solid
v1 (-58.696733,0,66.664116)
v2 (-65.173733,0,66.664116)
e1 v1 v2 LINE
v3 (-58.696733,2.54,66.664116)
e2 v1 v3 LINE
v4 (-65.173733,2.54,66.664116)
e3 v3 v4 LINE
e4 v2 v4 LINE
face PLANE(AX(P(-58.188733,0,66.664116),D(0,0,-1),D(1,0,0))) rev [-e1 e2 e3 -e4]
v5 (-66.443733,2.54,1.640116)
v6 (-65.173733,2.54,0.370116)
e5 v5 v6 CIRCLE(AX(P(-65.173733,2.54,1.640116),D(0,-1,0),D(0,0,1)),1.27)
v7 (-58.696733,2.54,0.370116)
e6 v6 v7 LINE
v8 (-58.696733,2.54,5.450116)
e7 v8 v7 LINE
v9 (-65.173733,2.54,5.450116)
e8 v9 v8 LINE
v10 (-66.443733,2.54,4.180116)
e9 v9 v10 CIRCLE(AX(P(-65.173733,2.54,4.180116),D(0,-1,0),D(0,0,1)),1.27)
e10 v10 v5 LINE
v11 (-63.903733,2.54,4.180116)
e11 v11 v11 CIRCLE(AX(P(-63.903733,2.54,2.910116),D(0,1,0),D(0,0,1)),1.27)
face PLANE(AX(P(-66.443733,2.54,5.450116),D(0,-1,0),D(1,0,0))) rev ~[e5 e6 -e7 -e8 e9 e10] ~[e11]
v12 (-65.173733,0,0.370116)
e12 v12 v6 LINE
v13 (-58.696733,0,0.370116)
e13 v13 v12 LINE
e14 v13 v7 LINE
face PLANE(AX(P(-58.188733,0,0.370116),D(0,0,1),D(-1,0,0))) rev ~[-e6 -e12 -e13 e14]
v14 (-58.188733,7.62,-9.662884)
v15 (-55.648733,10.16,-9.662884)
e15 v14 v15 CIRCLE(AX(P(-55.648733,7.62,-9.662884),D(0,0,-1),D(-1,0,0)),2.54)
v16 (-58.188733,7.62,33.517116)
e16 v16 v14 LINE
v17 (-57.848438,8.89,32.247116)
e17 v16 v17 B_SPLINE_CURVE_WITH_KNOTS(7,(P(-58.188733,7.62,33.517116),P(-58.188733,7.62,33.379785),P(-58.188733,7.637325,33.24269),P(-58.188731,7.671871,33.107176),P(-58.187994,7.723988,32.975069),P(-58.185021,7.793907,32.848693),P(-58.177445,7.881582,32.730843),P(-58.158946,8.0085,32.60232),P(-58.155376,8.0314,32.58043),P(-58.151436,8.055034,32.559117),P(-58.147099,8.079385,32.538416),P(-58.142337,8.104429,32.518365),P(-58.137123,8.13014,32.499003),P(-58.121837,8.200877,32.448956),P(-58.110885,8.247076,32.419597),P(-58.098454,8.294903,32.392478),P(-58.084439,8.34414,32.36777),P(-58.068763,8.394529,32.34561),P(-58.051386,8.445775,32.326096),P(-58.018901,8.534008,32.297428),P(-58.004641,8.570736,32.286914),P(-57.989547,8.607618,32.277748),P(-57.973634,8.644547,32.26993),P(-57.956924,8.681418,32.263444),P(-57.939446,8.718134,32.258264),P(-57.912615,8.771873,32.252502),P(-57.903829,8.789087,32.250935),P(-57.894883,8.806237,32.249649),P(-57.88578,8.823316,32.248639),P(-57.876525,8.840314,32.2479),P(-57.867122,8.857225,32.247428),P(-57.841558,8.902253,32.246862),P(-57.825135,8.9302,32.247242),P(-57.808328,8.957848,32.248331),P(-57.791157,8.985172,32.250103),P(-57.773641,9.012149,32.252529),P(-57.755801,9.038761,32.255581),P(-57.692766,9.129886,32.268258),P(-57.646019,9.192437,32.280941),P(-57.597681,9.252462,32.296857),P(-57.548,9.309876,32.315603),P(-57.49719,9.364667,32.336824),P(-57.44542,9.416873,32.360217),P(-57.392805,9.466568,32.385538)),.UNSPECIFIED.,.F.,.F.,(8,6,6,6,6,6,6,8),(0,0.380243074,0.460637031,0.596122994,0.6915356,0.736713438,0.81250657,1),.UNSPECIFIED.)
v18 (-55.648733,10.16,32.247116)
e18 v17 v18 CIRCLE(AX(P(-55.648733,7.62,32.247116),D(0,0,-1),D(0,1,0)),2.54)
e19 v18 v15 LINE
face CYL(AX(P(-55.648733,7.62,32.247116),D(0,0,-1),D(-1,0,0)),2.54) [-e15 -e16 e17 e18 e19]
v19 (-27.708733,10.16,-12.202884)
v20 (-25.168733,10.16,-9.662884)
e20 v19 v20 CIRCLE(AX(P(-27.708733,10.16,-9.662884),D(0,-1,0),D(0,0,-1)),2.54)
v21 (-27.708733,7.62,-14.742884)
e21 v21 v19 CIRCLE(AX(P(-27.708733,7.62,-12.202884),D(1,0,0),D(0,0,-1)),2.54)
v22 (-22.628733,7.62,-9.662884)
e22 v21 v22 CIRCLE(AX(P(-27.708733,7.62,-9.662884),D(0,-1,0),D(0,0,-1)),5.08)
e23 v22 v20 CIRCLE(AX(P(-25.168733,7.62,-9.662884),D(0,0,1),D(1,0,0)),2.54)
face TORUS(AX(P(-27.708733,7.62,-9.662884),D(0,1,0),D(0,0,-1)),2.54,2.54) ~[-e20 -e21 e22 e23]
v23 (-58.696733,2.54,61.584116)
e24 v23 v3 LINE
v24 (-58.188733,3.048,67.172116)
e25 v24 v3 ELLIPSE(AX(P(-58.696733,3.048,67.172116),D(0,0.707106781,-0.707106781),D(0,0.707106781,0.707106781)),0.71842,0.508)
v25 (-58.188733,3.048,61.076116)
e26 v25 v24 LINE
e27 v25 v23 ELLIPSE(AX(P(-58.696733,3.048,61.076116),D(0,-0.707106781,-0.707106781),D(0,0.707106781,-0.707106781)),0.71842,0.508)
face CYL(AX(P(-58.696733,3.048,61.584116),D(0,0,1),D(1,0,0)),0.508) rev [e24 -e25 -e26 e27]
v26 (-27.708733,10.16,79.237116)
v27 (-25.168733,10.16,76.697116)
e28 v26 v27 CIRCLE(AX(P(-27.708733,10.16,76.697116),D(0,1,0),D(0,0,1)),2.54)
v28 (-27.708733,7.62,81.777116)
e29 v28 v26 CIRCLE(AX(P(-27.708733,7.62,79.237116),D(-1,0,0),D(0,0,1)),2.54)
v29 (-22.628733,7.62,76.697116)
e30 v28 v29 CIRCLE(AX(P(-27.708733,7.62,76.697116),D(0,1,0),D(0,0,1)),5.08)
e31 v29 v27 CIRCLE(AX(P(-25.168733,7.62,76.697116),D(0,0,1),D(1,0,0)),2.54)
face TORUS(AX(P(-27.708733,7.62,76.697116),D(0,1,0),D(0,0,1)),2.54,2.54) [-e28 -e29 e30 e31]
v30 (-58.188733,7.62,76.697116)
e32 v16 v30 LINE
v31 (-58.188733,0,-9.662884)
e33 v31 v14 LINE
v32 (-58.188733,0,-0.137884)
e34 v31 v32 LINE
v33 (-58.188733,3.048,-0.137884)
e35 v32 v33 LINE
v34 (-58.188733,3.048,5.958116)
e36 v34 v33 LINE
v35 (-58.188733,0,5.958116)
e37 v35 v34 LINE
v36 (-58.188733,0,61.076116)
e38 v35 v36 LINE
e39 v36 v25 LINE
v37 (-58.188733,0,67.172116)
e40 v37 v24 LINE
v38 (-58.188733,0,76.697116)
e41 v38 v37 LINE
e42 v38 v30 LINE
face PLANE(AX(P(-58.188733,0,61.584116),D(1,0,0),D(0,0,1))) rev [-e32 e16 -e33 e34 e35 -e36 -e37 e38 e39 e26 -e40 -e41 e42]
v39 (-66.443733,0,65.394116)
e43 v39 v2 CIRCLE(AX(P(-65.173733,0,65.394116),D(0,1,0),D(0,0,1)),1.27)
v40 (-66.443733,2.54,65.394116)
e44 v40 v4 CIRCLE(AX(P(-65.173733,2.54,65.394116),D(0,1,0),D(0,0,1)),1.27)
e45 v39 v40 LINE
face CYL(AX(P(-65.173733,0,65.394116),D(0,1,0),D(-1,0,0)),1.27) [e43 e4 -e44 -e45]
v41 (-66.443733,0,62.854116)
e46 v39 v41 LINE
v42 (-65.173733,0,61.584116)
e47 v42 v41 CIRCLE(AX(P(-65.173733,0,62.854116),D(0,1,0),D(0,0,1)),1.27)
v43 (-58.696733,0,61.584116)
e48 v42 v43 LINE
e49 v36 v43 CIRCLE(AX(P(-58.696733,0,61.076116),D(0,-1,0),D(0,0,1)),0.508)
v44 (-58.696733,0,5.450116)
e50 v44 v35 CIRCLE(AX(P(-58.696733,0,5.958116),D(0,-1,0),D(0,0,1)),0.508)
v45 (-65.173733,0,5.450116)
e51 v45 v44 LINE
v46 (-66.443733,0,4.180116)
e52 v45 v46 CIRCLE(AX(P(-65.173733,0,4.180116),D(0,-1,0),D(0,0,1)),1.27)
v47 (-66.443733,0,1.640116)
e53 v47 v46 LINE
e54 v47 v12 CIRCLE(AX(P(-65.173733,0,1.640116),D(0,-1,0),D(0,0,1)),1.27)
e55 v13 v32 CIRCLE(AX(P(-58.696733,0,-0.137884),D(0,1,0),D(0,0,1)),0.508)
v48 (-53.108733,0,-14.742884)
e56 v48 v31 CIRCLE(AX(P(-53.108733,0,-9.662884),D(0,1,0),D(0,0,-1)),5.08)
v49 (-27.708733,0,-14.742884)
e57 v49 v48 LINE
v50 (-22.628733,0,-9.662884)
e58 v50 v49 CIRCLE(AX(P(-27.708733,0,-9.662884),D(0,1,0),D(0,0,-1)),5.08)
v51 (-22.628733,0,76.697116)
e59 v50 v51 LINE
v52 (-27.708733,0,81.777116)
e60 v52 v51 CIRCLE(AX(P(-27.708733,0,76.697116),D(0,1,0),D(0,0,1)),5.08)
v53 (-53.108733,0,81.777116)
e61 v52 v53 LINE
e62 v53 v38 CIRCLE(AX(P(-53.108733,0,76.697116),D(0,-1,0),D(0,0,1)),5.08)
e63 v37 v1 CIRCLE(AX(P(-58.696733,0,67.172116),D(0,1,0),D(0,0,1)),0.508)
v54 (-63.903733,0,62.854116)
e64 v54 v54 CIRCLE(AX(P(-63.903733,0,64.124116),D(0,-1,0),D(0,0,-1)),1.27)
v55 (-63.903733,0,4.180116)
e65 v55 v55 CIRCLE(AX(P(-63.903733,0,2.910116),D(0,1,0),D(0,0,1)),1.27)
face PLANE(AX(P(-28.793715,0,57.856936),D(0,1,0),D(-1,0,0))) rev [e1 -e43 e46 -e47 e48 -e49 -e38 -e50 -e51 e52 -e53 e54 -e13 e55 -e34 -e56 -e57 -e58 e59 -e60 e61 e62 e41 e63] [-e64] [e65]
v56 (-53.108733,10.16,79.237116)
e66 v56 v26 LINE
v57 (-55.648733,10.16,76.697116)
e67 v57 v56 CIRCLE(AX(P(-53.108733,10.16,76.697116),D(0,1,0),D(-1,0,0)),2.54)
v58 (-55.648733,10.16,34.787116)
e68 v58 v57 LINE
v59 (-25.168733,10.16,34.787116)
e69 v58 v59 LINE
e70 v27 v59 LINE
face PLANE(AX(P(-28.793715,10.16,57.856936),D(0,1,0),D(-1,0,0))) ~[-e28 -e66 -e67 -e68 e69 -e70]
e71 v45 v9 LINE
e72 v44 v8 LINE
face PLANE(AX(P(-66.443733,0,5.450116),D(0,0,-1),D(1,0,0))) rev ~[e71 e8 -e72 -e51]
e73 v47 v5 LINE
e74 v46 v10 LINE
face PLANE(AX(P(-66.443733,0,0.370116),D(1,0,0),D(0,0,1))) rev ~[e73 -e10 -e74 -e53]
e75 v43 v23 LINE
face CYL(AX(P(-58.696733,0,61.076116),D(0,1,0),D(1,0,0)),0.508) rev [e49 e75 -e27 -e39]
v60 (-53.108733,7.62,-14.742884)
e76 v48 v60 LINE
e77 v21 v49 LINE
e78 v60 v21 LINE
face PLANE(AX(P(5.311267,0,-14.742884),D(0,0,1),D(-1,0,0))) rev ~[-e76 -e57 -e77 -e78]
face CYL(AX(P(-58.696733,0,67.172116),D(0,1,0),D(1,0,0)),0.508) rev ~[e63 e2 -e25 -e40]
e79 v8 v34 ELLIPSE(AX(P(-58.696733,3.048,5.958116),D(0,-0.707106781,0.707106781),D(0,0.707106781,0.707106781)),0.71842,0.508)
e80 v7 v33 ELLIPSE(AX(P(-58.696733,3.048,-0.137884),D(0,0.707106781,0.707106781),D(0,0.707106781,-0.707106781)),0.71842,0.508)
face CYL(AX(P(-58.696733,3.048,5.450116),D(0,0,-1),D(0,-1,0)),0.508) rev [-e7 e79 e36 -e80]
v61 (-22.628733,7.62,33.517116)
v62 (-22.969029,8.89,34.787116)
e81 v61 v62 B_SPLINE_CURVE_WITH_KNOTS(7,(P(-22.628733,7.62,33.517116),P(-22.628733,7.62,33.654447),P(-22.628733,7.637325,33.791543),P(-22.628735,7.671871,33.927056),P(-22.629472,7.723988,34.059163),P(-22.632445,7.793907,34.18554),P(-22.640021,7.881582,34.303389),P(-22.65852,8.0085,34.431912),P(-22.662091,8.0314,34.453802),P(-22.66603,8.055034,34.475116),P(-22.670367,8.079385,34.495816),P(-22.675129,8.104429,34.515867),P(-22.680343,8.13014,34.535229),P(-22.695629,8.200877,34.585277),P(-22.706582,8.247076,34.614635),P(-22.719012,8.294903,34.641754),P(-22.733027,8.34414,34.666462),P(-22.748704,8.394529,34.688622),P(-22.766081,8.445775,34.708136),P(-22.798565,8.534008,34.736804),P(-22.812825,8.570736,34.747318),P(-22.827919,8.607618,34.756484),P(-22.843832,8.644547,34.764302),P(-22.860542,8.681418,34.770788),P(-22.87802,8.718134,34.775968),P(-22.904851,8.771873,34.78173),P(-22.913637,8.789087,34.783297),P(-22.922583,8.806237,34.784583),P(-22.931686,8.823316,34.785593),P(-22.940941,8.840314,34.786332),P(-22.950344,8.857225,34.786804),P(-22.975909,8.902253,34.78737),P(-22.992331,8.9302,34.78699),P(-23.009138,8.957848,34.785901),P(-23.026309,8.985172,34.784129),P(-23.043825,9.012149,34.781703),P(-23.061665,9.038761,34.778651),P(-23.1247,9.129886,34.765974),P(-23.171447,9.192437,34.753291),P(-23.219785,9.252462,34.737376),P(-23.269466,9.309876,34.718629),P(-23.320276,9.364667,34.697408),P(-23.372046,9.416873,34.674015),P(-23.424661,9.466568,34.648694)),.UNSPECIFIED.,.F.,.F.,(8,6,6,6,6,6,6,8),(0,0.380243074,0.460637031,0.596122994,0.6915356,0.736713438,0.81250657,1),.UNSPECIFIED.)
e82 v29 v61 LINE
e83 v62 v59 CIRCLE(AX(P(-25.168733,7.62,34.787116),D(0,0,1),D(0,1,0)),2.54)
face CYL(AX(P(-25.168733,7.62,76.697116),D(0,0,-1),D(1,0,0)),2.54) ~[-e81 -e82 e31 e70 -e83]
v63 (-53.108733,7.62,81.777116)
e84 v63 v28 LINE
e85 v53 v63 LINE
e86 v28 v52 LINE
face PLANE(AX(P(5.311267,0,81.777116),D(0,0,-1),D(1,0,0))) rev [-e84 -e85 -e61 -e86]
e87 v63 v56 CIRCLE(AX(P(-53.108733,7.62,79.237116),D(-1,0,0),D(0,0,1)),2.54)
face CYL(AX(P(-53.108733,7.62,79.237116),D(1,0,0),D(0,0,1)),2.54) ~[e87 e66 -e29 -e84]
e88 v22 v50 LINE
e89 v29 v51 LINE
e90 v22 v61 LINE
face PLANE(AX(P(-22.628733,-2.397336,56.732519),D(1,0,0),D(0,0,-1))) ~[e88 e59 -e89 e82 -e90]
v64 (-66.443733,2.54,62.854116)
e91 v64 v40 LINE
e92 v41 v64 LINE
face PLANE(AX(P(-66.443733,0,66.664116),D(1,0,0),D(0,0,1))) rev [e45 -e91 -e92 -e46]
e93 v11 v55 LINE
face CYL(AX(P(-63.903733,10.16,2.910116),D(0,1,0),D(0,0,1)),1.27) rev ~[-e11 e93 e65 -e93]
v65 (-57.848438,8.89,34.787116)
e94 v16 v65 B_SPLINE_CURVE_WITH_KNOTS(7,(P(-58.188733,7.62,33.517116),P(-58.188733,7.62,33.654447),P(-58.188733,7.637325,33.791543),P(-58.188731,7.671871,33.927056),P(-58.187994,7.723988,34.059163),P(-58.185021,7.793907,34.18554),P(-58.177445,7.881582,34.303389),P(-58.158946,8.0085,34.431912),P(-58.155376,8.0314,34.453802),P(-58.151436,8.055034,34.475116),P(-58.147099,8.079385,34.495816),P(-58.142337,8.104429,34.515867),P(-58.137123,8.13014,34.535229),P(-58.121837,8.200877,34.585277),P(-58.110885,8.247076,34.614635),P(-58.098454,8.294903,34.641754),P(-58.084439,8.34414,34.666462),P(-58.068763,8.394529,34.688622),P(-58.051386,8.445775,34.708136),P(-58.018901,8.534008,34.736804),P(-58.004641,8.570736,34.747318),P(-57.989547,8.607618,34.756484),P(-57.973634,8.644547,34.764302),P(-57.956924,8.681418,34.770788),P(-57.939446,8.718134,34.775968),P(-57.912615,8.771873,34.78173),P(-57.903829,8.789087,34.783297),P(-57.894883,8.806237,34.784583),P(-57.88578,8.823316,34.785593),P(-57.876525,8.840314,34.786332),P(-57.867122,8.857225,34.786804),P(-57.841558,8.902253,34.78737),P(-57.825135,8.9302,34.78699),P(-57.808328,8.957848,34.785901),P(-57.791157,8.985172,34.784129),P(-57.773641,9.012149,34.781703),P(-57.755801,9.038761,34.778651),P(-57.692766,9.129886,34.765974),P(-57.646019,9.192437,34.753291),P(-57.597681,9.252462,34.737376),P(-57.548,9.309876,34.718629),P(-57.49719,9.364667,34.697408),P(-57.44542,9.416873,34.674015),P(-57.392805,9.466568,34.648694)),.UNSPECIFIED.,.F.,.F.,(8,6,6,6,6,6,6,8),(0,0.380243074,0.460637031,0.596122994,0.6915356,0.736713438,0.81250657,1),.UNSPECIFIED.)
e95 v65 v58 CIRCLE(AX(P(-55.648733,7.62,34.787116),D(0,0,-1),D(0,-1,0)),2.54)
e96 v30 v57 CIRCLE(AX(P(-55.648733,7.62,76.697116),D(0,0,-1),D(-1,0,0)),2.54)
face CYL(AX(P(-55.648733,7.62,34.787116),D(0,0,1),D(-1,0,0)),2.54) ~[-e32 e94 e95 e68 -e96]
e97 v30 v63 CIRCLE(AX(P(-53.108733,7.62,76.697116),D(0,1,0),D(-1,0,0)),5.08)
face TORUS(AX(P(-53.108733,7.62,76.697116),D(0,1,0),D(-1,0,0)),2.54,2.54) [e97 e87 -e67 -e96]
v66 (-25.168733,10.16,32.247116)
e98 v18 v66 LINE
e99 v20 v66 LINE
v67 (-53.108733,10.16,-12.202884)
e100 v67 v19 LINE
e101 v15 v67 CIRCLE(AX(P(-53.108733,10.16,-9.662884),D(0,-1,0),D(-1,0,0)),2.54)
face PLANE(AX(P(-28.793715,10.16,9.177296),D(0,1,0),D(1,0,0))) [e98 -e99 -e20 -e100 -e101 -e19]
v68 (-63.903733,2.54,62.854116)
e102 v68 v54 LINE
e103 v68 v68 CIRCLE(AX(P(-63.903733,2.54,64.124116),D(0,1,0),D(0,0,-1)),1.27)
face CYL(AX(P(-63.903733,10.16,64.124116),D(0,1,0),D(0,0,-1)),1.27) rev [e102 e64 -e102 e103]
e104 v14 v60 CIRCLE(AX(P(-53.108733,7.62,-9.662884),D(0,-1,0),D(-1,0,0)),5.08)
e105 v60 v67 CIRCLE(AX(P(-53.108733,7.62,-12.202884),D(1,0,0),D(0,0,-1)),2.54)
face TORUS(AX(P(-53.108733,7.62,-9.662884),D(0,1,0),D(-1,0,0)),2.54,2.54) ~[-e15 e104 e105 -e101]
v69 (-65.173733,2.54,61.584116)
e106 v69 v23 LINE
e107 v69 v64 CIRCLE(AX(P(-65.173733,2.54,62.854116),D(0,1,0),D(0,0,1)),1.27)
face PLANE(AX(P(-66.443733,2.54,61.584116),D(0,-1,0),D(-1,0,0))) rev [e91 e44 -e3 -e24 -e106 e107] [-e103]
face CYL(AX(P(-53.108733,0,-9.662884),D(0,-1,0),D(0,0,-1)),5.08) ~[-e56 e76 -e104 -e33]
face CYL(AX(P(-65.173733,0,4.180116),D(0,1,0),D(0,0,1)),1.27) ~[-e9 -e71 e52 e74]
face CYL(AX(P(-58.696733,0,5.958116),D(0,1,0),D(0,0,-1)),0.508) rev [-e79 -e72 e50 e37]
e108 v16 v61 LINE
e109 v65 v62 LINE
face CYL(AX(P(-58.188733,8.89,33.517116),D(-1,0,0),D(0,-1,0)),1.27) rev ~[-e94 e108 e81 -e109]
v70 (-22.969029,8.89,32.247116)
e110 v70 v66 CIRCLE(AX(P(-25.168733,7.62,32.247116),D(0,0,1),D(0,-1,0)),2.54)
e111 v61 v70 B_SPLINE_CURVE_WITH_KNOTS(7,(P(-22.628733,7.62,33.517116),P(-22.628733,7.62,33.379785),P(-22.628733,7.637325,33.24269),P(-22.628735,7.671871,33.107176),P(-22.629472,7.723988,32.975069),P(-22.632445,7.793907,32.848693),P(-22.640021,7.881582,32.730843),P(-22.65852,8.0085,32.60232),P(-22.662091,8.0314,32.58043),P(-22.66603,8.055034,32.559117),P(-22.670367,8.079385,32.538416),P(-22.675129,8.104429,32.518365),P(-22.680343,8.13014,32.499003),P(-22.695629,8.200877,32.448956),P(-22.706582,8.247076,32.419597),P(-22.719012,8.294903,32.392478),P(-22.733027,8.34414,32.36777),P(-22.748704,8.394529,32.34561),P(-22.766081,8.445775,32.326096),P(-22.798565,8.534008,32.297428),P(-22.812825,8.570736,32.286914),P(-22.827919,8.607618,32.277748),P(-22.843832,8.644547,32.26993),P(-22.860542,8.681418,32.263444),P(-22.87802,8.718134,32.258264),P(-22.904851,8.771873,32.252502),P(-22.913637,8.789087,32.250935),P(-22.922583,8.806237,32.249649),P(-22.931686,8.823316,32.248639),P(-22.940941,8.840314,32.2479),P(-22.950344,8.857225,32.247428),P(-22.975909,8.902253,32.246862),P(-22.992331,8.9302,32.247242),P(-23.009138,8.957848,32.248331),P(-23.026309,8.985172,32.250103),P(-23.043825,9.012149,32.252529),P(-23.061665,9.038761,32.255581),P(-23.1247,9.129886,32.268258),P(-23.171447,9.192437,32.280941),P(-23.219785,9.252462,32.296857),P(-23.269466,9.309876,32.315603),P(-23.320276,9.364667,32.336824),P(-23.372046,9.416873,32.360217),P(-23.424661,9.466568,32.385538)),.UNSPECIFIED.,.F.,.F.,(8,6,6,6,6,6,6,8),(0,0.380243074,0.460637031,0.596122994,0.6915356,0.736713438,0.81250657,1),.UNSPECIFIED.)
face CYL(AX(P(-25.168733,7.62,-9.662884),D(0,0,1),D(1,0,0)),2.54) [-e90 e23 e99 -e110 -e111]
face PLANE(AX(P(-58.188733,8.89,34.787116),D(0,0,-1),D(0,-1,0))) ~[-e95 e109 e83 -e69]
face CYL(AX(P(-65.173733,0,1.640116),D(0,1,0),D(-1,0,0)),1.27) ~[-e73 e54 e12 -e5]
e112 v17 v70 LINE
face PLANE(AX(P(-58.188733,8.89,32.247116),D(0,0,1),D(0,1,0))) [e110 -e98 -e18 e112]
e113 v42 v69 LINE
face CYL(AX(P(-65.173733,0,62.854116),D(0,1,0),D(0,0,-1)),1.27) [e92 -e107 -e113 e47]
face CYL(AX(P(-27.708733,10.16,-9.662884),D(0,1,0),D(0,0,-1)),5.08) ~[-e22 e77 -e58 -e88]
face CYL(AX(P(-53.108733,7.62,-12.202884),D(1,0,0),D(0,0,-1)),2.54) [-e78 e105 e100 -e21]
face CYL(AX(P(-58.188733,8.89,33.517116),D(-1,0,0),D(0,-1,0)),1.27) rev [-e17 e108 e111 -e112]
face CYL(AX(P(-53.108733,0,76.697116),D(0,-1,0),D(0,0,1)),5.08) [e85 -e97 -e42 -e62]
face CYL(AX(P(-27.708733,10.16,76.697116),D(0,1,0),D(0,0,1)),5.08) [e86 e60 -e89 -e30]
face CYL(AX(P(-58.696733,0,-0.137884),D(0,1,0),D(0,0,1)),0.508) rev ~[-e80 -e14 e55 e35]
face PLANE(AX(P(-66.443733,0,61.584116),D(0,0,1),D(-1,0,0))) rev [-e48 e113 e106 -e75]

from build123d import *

# Parameters (mm, degrees)
BOSS_EXTRUDE1_DEPTH  = 10.16
SKETCH3_R            = 1.27
CUT_EXTRUDE1_DEPTH   = 10.16
SKETCH4_W            = 8.255
SKETCH4_H            = 7.62
CUT_EXTRUDE2_DEPTH   = 10.16
FILLET2_R            = 0.508
FILLET3_R            = 1.27
SKETCH6_W            = 84.495652993
SKETCH6_H            = 50.182540269
CUT_EXTRUDE3_DEPTH   = 27.94
CUT_EXTRUDE4_DEPTH   = 27.94
CUT_EXTRUDE5_DEPTH   = 40.132
FILLET4_R            = 2.54
FILLET2_OF_MIRROR1_R = 0.508
FILLET3_OF_MIRROR1_R = 1.27
FILLET4_OF_MIRROR1_R = 2.54


with BuildPart() as part:
    # Sketch1 → Boss-Extrude1 (new body)
    with BuildSketch(Plane(origin=(0, 0, 0), x_dir=(1, 0, 0), z_dir=(0, 1, 0))):
        with BuildLine():
            Line((-58.188733064, -33.517116066), (5.311266936, -33.517116066))
            Line((5.311266936, -33.517116066), (5.311266936, 14.742883934))
            Line((5.311266936, 14.742883934), (-53.108733064, 14.742883934))
            ThreePointArc((-53.108733064, 14.742883934), (-56.700835512, 13.254986382), (-58.188733064, 9.662883934))
            Line((-58.188733064, 9.662883934), (-58.188733064, -0.370116066))
            Line((-58.188733064, -0.370116066), (-66.443733064, -0.370116066))
            Line((-66.443733064, -0.370116066), (-66.443733064, -5.450116066))
            Line((-66.443733064, -5.450116066), (-58.188733064, -5.450116066))
            Line((-58.188733064, -5.450116066), (-58.188733064, -33.517116066))
        make_face()
    boss_extrude1 = extrude(amount=BOSS_EXTRUDE1_DEPTH)

    # Sketch3 → Cut-Extrude1 (cut)
    with BuildSketch(Plane(origin=(0, 10.16, 0), x_dir=(1, 0, 0), z_dir=(0, 1, 0))):
        with Locations(Location((-63.903733064, -2.910116066, 0), (0, 0, 270))):
            Circle(SKETCH3_R)
    cut_extrude1 = extrude(amount=-CUT_EXTRUDE1_DEPTH, mode=Mode.SUBTRACT)

    # Sketch4 → Cut-Extrude2 (cut)
    with BuildSketch(Plane.XY.offset(5.450116066)):
        with Locations((-62.316233064, 6.35)):
            Rectangle(SKETCH4_W, SKETCH4_H)
    cut_extrude2 = extrude(amount=-CUT_EXTRUDE2_DEPTH, mode=Mode.SUBTRACT)

    # Fillet2
    fillet2_edges = [part.edges().sort_by_distance(p)[0] for p in [
        (-58.188733064, 1.27, 5.450116066),
        (-58.188733064, 1.27, 0.370116066),
        (-58.188733064, 2.54, 2.910116066),
    ]]
    fillet(fillet2_edges, radius=FILLET2_R)

    # Fillet3
    fillet3_edges = [part.edges().sort_by_distance(p)[0] for p in [
        (-66.443733064, 1.27, 5.450116066),
        (-66.443733064, 1.27, 0.370116066),
    ]]
    fillet(fillet3_edges, radius=FILLET3_R)

    # Sketch6 → Cut-Extrude3 (cut)
    with BuildSketch(Plane(origin=(5.311266936, 0, 0), x_dir=(0, 0, -1), z_dir=(1, 0, 0))):
        with Locations((-10.301713583, -2.397336113)):
            Rectangle(SKETCH6_W, SKETCH6_H)
    cut_extrude3 = extrude(amount=-CUT_EXTRUDE3_DEPTH, mode=Mode.SUBTRACT)

    # Sketch7 → Cut-Extrude4 (cut)
    with BuildSketch(Plane(origin=(0, 10.16, 0), x_dir=(1, 0, 0), z_dir=(0, 1, 0))):
        with BuildLine():
            Line((-22.628733064, 14.742883934), (-27.708733064, 14.742883934))
            ThreePointArc((-27.708733064, 14.742883934), (-24.116630616, 13.254986382), (-22.628733064, 9.662883934))
            Line((-22.628733064, 9.662883934), (-22.628733064, 14.742883934))
        make_face()
    cut_extrude4 = extrude(amount=-CUT_EXTRUDE4_DEPTH, mode=Mode.SUBTRACT)

    # Sketch8 → Cut-Extrude5 (cut)
    with BuildSketch(Plane.ZY.offset(58.188733064)):
        with BuildLine():
            Line((33.517116066, 10.16), (33.517116066, 8.89))
            Line((33.517116066, 8.89), (33.517116066, 7.62))
            ThreePointArc((33.517116066, 7.62), (32.619090454, 7.991974388), (32.247116066, 8.89))
            Line((32.247116066, 8.89), (32.247116066, 10.16))
            Line((32.247116066, 10.16), (33.517116066, 10.16))
        make_face()
    cut_extrude5 = extrude(amount=-CUT_EXTRUDE5_DEPTH, mode=Mode.SUBTRACT)

    # Fillet4
    fillet4_edges = [part.edges().sort_by_distance(p)[0] for p in [
        (-24.116630616, 10.16, -13.254986382),
        (-22.628733064, 10.16, 11.292116066),
        (-40.408733064, 10.16, -14.742883934),
        (-56.700835512, 10.16, -13.254986382),
        (-58.188733064, 10.16, 11.292116066),
    ]]
    fillet(fillet4_edges, radius=FILLET4_R)


with BuildPart() as mirror1_1:
    # Mirror1: Boss-Extrude1 across plane
    add(boss_extrude1.mirror(Plane(origin=(-58.188733064, 10.16, 33.517116066), x_dir=(1, 0, 0), z_dir=(0, 0, -1))))

    # Mirror1 2: Cut-Extrude1, Cut-Extrude2, Cut-Extrude3, Cut-Extrude4, Cut-Extrude5 across plane
    add(cut_extrude1.mirror(Plane(origin=(-58.188733064, 10.16, 33.517116066), x_dir=(1, 0, 0), z_dir=(0, 0, -1))), mode=Mode.SUBTRACT)
    add(cut_extrude2.mirror(Plane(origin=(-58.188733064, 10.16, 33.517116066), x_dir=(1, 0, 0), z_dir=(0, 0, -1))), mode=Mode.SUBTRACT)
    add(cut_extrude3.mirror(Plane(origin=(-58.188733064, 10.16, 33.517116066), x_dir=(1, 0, 0), z_dir=(0, 0, -1))), mode=Mode.SUBTRACT)
    add(cut_extrude4.mirror(Plane(origin=(-58.188733064, 10.16, 33.517116066), x_dir=(1, 0, 0), z_dir=(0, 0, -1))), mode=Mode.SUBTRACT)
    add(cut_extrude5.mirror(Plane(origin=(-58.188733064, 10.16, 33.517116066), x_dir=(1, 0, 0), z_dir=(0, 0, -1))), mode=Mode.SUBTRACT)

    # Fillet2 of Mirror1
    fillet2_of_mirror1_edges = [mirror1_1.edges().sort_by_distance(p)[0] for p in [
        (-58.188733064, 1.27, 61.584116066),
        (-58.188733064, 1.27, 66.664116066),
        (-58.188733064, 2.54, 64.124116066),
    ]]
    fillet(fillet2_of_mirror1_edges, radius=FILLET2_OF_MIRROR1_R)

    # Fillet3 of Mirror1
    fillet3_of_mirror1_edges = [mirror1_1.edges().sort_by_distance(p)[0] for p in [
        (-66.443733064, 1.27, 61.584116066),
        (-66.443733064, 1.27, 66.664116066),
    ]]
    fillet(fillet3_of_mirror1_edges, radius=FILLET3_OF_MIRROR1_R)

    # Fillet4 of Mirror1
    fillet4_of_mirror1_edges = [mirror1_1.edges().sort_by_distance(p)[0] for p in [
        (-24.116630616, 10.16, 80.289218515),
        (-22.628733064, 10.16, 55.742116066),
        (-40.408733064, 10.16, 81.777116066),
        (-56.700835512, 10.16, 80.289218515),
        (-58.188733064, 10.16, 55.742116066),
    ]]
    fillet(fillet4_of_mirror1_edges, radius=FILLET4_OF_MIRROR1_R)


with BuildPart() as part_1:
    add(part.part)

    # Mirror1 united with what the copies touc: union Mirror1_1
    add(mirror1_1.part)


solid = part_1.part
